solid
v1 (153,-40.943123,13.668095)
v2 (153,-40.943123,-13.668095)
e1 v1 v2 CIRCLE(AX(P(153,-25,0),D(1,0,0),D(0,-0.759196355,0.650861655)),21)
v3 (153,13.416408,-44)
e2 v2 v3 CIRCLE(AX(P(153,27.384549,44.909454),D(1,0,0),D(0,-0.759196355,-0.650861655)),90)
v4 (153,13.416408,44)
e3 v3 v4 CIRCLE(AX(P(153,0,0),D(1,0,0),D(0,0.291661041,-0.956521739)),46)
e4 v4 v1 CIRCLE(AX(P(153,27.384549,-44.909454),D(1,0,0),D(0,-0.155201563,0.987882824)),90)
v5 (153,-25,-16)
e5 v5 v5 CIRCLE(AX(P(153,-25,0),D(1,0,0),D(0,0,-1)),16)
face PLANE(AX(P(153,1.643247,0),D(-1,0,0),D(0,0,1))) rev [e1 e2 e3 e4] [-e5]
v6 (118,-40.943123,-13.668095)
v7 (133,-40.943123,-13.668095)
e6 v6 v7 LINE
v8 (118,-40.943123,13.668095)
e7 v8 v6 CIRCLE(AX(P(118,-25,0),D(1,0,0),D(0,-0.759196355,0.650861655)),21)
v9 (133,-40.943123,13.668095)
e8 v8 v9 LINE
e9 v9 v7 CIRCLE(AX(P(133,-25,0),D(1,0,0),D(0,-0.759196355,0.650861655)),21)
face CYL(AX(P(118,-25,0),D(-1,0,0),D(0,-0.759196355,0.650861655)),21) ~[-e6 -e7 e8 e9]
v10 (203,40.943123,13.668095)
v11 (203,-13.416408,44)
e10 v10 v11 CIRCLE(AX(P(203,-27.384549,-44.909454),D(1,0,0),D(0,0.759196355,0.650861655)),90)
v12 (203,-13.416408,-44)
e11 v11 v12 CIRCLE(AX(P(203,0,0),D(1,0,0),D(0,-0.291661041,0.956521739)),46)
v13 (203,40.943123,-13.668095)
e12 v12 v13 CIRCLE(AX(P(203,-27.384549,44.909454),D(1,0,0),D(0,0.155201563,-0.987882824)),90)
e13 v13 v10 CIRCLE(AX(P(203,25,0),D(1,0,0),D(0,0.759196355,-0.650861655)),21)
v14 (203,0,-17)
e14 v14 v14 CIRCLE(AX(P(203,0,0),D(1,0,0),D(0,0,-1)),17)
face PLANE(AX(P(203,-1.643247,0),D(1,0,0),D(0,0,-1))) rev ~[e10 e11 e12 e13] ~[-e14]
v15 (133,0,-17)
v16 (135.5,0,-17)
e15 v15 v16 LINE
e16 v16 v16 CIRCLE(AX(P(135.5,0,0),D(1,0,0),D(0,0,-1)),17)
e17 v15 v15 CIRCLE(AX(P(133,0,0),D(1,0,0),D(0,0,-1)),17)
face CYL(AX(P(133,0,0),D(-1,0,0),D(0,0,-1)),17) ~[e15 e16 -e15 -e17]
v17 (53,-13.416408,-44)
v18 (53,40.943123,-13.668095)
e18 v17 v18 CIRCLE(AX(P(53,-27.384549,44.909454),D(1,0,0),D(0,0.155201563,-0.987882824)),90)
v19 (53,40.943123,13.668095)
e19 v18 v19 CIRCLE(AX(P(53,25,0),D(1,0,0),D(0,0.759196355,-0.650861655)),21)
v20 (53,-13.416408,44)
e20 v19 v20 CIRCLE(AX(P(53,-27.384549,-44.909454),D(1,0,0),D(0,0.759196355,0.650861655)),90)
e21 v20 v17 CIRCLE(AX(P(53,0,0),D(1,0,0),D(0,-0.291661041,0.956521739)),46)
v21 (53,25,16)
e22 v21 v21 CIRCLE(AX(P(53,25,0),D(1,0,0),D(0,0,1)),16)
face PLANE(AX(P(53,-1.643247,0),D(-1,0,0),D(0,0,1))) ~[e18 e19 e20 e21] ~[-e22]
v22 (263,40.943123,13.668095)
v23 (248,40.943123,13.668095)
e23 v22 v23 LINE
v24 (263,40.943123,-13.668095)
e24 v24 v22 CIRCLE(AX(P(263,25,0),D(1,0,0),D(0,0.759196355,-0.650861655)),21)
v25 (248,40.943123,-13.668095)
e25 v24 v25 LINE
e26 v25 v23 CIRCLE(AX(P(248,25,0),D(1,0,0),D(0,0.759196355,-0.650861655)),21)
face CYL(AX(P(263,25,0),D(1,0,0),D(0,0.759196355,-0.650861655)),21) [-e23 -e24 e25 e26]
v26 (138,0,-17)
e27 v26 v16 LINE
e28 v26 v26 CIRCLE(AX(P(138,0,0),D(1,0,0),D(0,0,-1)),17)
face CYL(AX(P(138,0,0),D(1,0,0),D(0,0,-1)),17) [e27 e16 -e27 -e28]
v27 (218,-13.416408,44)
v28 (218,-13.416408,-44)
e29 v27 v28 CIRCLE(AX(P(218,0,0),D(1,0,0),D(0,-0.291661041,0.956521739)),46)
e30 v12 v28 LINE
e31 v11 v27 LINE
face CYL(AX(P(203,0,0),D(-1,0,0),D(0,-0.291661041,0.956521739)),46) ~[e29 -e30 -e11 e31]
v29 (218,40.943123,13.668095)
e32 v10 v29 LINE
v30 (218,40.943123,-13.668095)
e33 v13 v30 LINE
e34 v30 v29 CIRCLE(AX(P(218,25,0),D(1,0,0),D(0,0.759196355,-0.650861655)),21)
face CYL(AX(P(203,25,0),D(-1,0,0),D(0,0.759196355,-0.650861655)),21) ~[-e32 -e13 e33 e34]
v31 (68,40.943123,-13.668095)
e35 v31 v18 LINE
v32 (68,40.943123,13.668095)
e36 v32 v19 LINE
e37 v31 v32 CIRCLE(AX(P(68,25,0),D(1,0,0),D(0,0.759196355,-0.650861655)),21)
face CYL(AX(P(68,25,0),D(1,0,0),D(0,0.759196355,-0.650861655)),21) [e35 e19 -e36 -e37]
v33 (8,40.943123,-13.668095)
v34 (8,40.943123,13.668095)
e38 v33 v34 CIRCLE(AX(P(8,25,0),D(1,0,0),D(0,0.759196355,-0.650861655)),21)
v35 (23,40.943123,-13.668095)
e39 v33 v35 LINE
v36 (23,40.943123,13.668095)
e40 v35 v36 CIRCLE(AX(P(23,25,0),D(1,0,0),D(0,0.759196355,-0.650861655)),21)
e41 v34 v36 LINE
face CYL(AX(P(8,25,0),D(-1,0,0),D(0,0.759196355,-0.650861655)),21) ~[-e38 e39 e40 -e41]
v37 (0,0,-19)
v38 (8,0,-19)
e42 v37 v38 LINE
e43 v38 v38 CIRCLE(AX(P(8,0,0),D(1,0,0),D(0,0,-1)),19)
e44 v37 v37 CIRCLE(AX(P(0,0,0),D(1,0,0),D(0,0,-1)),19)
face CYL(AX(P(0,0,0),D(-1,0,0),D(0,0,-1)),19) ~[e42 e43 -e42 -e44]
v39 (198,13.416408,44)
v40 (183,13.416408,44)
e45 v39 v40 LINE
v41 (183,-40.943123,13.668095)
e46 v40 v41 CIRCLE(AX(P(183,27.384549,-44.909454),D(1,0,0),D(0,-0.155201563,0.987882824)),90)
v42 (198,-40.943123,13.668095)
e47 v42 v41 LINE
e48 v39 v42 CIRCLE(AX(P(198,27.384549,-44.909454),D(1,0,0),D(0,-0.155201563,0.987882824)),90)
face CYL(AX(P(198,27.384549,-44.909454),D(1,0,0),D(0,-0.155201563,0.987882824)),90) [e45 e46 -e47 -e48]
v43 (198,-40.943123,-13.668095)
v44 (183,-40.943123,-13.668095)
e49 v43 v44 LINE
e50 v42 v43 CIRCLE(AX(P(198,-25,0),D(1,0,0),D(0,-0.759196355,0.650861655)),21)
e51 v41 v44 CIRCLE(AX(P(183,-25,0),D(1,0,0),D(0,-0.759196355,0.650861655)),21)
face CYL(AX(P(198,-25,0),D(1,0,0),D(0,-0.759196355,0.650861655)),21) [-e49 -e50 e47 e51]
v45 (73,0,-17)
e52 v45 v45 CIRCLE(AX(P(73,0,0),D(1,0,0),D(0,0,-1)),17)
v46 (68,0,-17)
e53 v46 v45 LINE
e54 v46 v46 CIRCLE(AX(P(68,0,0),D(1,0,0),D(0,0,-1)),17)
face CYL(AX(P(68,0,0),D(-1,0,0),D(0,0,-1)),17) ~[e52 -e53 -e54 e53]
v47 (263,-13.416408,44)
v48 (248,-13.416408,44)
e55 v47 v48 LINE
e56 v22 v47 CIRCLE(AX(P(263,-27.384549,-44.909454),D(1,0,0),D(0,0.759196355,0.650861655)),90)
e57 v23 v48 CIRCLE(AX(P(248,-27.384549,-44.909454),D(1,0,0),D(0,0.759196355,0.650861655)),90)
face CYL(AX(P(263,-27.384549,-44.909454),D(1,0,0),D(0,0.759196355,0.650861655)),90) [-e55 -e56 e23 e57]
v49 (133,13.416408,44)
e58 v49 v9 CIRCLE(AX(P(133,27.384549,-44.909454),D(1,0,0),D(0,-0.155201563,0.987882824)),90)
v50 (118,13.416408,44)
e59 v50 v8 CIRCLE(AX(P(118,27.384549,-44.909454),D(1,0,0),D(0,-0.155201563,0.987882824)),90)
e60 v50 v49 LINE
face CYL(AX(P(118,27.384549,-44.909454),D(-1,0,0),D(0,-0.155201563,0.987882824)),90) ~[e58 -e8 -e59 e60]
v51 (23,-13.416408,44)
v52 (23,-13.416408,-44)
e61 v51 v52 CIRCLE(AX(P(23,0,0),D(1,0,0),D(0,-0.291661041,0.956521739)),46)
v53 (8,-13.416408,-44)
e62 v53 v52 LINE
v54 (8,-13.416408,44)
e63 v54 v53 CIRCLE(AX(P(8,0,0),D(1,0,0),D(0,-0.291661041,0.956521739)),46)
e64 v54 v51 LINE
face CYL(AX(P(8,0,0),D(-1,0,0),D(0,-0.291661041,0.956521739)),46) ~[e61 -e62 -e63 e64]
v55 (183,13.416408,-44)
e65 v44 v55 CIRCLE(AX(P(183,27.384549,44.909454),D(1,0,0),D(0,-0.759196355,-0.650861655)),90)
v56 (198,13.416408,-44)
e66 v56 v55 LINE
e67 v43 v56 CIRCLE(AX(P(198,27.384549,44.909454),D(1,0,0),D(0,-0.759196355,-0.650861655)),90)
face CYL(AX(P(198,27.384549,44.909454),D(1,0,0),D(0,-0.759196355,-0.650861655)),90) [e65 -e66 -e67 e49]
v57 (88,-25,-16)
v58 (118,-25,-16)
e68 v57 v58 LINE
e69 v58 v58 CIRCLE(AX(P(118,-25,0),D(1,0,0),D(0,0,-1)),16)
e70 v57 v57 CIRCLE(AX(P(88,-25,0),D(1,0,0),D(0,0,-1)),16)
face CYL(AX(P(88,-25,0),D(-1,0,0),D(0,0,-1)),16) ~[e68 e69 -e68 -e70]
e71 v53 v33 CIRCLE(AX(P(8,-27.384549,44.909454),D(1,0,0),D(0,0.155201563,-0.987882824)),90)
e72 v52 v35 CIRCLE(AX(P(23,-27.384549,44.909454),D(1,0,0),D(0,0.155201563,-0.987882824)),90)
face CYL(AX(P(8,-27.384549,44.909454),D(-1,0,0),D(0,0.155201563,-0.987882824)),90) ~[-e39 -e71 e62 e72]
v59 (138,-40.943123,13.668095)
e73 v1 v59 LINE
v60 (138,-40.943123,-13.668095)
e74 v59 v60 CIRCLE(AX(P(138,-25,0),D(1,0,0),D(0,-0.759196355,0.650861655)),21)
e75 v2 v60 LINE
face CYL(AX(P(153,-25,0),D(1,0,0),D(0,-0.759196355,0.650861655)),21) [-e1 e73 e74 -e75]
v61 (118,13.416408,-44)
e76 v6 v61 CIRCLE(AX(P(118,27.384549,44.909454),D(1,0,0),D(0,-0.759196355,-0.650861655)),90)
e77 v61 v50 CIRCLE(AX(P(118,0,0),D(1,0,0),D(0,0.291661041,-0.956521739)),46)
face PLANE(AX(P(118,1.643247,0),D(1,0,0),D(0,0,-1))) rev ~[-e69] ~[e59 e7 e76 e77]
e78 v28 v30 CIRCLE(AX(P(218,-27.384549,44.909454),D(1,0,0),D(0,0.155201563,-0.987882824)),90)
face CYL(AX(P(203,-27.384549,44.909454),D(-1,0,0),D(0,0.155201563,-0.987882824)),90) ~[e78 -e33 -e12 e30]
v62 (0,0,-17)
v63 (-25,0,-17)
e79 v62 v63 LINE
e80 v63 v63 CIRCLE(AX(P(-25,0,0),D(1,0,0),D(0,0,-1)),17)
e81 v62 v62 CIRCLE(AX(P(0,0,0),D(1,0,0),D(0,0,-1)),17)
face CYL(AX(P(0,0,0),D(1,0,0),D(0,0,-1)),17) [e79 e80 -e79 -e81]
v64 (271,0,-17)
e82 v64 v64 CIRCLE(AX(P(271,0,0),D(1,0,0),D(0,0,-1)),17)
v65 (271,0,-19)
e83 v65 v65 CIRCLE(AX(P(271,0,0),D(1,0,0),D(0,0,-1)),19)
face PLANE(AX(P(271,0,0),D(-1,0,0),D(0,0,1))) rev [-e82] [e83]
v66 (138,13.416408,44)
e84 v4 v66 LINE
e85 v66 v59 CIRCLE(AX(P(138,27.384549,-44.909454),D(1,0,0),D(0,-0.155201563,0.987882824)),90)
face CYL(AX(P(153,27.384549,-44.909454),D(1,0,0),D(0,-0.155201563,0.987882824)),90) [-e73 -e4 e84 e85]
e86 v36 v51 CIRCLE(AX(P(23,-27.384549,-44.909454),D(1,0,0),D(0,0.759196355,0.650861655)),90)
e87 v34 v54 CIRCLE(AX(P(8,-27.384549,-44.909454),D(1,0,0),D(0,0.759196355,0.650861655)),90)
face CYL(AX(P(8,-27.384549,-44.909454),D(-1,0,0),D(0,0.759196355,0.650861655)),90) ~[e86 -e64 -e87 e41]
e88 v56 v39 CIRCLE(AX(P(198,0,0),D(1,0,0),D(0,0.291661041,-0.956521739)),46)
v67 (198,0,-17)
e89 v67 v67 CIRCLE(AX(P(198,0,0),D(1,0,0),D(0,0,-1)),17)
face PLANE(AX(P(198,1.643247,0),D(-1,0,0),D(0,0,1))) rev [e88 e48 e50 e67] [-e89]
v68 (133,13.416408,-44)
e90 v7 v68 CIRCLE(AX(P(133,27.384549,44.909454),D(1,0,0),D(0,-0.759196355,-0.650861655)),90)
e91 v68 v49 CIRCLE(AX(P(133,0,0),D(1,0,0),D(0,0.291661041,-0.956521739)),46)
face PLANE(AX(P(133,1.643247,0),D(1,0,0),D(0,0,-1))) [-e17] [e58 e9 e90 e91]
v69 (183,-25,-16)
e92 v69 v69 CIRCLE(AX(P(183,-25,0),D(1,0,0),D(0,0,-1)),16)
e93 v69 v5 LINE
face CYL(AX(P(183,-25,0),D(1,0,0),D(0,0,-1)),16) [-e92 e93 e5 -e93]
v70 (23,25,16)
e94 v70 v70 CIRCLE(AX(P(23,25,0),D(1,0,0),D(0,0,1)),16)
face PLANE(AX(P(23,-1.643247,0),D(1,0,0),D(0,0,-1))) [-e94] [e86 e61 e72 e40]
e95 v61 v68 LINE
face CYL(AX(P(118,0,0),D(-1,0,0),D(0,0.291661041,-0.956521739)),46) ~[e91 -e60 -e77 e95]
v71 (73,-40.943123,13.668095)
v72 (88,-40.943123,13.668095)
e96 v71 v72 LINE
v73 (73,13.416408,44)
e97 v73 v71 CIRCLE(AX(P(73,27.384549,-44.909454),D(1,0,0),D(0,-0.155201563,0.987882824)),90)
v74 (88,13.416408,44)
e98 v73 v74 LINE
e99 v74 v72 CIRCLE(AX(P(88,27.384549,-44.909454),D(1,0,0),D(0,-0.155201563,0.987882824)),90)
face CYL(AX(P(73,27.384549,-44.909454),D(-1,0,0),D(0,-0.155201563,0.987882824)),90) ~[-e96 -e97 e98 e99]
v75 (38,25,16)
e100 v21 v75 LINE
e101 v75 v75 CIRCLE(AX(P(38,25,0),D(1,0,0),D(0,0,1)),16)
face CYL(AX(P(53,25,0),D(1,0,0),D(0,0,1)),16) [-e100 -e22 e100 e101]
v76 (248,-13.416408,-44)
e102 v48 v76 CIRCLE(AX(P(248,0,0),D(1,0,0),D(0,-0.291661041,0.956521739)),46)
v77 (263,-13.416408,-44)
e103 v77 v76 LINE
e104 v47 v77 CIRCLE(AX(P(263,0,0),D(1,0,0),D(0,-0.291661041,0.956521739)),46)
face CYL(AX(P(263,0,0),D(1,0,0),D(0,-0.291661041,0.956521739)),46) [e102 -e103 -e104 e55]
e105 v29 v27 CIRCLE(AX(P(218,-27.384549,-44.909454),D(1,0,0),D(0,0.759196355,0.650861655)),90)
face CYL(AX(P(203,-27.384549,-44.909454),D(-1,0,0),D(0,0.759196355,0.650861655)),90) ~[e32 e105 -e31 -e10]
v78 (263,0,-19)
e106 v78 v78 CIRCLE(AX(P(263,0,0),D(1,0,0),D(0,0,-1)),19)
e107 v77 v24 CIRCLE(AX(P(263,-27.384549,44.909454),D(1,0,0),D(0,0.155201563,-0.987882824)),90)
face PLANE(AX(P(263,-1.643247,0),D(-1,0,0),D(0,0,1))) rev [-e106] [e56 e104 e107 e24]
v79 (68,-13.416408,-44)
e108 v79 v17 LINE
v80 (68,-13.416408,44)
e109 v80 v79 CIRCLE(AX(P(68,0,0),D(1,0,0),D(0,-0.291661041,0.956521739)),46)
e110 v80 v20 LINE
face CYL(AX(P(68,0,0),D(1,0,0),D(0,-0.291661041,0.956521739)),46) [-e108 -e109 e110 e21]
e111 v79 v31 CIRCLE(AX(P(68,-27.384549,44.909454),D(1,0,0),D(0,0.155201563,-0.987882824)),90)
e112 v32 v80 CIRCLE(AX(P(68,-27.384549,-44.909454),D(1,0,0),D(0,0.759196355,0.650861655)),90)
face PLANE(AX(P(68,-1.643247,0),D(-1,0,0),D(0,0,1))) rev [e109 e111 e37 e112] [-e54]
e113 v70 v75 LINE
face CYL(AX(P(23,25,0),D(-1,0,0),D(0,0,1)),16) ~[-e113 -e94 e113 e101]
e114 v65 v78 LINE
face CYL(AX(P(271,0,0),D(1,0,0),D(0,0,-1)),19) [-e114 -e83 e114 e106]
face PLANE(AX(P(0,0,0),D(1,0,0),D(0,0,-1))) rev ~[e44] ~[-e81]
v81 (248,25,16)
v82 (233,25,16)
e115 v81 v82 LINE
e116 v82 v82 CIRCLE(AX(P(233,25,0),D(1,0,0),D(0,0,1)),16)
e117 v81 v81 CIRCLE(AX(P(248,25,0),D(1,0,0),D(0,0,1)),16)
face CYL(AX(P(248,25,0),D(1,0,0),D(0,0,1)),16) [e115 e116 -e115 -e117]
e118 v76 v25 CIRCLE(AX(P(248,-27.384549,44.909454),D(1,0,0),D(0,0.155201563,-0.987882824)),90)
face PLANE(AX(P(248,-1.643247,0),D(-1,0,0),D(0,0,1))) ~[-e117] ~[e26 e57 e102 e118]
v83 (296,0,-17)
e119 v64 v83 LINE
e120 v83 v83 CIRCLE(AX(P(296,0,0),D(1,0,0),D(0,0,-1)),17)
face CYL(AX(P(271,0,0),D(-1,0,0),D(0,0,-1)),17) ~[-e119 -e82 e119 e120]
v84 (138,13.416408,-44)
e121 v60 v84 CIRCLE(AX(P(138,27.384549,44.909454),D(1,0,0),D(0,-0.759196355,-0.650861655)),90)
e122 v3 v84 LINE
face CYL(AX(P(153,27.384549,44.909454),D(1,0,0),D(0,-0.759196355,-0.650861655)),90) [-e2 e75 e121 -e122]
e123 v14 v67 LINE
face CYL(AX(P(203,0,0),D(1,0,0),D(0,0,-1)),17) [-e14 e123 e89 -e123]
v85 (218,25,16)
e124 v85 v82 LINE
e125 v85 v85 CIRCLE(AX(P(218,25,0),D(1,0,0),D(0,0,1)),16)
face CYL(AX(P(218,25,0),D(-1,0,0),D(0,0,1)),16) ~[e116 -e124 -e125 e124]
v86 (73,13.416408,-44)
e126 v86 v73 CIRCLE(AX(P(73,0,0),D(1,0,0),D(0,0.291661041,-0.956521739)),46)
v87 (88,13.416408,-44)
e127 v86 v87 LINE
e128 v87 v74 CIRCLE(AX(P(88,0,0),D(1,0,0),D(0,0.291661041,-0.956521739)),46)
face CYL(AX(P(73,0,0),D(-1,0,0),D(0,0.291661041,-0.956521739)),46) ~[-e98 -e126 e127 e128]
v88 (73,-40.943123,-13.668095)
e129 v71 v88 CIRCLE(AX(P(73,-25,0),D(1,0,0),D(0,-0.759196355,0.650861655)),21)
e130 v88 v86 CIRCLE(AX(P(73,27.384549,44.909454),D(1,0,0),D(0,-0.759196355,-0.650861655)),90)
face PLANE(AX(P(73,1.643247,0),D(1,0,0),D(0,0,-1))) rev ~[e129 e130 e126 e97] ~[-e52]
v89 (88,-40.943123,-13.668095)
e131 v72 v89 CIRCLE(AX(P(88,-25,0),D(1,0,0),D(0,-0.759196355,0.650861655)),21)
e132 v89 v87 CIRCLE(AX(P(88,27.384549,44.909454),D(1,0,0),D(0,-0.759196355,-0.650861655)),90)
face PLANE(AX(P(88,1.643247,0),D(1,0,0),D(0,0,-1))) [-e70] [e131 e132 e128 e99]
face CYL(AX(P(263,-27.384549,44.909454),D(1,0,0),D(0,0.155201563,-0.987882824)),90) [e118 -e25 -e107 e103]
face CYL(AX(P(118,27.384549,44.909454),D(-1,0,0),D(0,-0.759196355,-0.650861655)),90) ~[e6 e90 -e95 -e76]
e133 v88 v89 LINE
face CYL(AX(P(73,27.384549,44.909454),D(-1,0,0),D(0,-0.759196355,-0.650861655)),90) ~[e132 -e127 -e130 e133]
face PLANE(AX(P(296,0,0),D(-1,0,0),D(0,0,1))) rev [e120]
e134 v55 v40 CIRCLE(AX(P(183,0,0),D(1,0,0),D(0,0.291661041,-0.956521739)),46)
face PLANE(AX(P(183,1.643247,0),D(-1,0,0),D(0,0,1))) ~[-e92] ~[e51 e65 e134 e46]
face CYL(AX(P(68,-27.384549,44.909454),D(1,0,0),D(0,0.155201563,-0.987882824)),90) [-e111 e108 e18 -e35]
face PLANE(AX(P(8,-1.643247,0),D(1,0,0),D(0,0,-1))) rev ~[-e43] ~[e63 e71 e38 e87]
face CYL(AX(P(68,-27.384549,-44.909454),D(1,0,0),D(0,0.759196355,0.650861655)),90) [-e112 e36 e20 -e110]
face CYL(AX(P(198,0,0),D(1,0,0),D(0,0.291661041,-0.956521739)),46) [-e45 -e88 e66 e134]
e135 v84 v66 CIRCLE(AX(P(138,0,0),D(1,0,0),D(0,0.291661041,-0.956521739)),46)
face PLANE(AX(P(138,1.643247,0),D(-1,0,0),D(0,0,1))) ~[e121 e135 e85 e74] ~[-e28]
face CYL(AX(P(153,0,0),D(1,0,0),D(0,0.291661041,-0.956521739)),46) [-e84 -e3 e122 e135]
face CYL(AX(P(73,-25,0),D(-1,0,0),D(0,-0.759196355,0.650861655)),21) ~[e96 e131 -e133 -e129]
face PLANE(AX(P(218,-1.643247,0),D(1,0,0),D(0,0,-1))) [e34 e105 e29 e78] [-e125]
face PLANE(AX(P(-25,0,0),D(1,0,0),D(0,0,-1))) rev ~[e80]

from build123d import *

# Parameters (mm, degrees)
SKETCH2_R           = 17
BOSS_EXTRUDE1_DEPTH = 25
SKETCH2_3_R         = 19
SKETCH2_3_R_2       = 17
BOSS_EXTRUDE2_DEPTH = 8
BOSS_EXTRUDE3_DEPTH = 15
SKETCH4_R           = 16
BOSS_EXTRUDE4_DEPTH = 15
SKETCH5_R           = 17
BOSS_EXTRUDE5_DEPTH = 5
BOSS_EXTRUDE6_DEPTH = 15
SKETCH7_R           = 16
BOSS_EXTRUDE7_DEPTH = 30
BOSS_EXTRUDE8_DEPTH = 15
SKETCH9_R           = 17
BOSS_EXTRUDE9_DEPTH = 2.5


with BuildPart() as part:
    # Sketch2 → Boss-Extrude1 (new body)
    with BuildSketch(Plane(origin=(0, 0, 0), x_dir=(0, 0, -1), z_dir=(1, 0, 0))):
        Circle(SKETCH2_R)
    extrude(amount=-BOSS_EXTRUDE1_DEPTH)

    # Sketch2_3 → Boss-Extrude2 (add)
    with BuildSketch(Plane(origin=(0, 0, 0), x_dir=(0, 0, -1), z_dir=(1, 0, 0))):
        Circle(SKETCH2_3_R)
        Circle(SKETCH2_3_R_2, mode=Mode.SUBTRACT)
        Circle(SKETCH2_3_R_2)
    extrude(amount=BOSS_EXTRUDE2_DEPTH)

    # Sketch3 → Boss-Extrude3 (add)
    with BuildSketch(Plane(origin=(8, 0, 0), x_dir=(0, 0, -1), z_dir=(1, 0, 0))):
        with BuildLine():
            ThreePointArc((13.668094758, 40.943123461), (0, 46), (-13.668094758, 40.943123461))
            ThreePointArc((-13.668094758, 40.943123461), (-33.683444249, 16.469257624), (-44, -13.416407865))
            ThreePointArc((-44, -13.416407865), (0, -46), (44, -13.416407865))
            ThreePointArc((44, -13.416407865), (33.683444249, 16.469257624), (13.668094758, 40.943123461))
        make_face()
    boss_extrude3 = extrude(amount=BOSS_EXTRUDE3_DEPTH)

    # Sketch4 → Boss-Extrude4 (add)
    with BuildSketch(Plane(origin=(23, 0, 0), x_dir=(0, 0, -1), z_dir=(1, 0, 0))):
        with Locations(Location((0, 25, 0), (0, 0, 180))):
            Circle(SKETCH4_R)
    boss_extrude4 = extrude(amount=BOSS_EXTRUDE4_DEPTH)

    # Mirror1: Boss-Extrude3, Boss-Extrude4 across plane
    add(boss_extrude3.mirror(Plane(origin=(38, 25, 0), x_dir=(0, 0, 1), z_dir=(1, 0, 0))))
    add(boss_extrude4.mirror(Plane(origin=(38, 25, 0), x_dir=(0, 0, 1), z_dir=(1, 0, 0))))

    # Sketch5 → Boss-Extrude5 (add)
    with BuildSketch(Plane(origin=(68, 0, 0), x_dir=(0, 0, -1), z_dir=(1, 0, 0))):
        Circle(SKETCH5_R)
    extrude(amount=BOSS_EXTRUDE5_DEPTH)

    # Sketch6 → Boss-Extrude6 (add)
    with BuildSketch(Plane(origin=(73, 0, 0), x_dir=(0, 0, -1), z_dir=(1, 0, 0))):
        with BuildLine():
            ThreePointArc((-13.668094758, -40.943123461), (0, -46), (13.668094758, -40.943123461))
            ThreePointArc((13.668094758, -40.943123461), (33.683444249, -16.469257624), (44, 13.416407865))
            ThreePointArc((44, 13.416407865), (0, 46), (-44, 13.416407865))
            ThreePointArc((-44, 13.416407865), (-33.683444249, -16.469257624), (-13.668094758, -40.943123461))
        make_face()
    extrude(amount=BOSS_EXTRUDE6_DEPTH)

    # Sketch7 → Boss-Extrude7 (add)
    with BuildSketch(Plane(origin=(88, 0, 0), x_dir=(0, 0, -1), z_dir=(1, 0, 0))):
        with Locations((0, -25)):
            Circle(SKETCH7_R)
    extrude(amount=BOSS_EXTRUDE7_DEPTH)

    # Sketch8 → Boss-Extrude8 (add)
    with BuildSketch(Plane(origin=(118, 0, 0), x_dir=(0, 0, -1), z_dir=(1, 0, 0))):
        with BuildLine():
            ThreePointArc((-13.668094758, -40.943123461), (0, -46), (13.668094758, -40.943123461))
            ThreePointArc((13.668094758, -40.943123461), (33.683444249, -16.469257624), (44, 13.416407865))
            ThreePointArc((44, 13.416407865), (0, 46), (-44, 13.416407865))
            ThreePointArc((-44, 13.416407865), (-33.683444249, -16.469257624), (-13.668094758, -40.943123461))
        make_face()
    extrude(amount=BOSS_EXTRUDE8_DEPTH)

    # Sketch9 → Boss-Extrude9 (add)
    with BuildSketch(Plane(origin=(133, 0, 0), x_dir=(0, 0, -1), z_dir=(1, 0, 0))):
        Circle(SKETCH9_R)
    extrude(amount=BOSS_EXTRUDE9_DEPTH)

    # Mirror2: part across plane


with BuildPart() as part_1:
    add(part.part)
    add(part.part.mirror(Plane(origin=(135.5, 0, 0), x_dir=(0, 0, 1), z_dir=(1, 0, 0))))


solid = part_1.part
